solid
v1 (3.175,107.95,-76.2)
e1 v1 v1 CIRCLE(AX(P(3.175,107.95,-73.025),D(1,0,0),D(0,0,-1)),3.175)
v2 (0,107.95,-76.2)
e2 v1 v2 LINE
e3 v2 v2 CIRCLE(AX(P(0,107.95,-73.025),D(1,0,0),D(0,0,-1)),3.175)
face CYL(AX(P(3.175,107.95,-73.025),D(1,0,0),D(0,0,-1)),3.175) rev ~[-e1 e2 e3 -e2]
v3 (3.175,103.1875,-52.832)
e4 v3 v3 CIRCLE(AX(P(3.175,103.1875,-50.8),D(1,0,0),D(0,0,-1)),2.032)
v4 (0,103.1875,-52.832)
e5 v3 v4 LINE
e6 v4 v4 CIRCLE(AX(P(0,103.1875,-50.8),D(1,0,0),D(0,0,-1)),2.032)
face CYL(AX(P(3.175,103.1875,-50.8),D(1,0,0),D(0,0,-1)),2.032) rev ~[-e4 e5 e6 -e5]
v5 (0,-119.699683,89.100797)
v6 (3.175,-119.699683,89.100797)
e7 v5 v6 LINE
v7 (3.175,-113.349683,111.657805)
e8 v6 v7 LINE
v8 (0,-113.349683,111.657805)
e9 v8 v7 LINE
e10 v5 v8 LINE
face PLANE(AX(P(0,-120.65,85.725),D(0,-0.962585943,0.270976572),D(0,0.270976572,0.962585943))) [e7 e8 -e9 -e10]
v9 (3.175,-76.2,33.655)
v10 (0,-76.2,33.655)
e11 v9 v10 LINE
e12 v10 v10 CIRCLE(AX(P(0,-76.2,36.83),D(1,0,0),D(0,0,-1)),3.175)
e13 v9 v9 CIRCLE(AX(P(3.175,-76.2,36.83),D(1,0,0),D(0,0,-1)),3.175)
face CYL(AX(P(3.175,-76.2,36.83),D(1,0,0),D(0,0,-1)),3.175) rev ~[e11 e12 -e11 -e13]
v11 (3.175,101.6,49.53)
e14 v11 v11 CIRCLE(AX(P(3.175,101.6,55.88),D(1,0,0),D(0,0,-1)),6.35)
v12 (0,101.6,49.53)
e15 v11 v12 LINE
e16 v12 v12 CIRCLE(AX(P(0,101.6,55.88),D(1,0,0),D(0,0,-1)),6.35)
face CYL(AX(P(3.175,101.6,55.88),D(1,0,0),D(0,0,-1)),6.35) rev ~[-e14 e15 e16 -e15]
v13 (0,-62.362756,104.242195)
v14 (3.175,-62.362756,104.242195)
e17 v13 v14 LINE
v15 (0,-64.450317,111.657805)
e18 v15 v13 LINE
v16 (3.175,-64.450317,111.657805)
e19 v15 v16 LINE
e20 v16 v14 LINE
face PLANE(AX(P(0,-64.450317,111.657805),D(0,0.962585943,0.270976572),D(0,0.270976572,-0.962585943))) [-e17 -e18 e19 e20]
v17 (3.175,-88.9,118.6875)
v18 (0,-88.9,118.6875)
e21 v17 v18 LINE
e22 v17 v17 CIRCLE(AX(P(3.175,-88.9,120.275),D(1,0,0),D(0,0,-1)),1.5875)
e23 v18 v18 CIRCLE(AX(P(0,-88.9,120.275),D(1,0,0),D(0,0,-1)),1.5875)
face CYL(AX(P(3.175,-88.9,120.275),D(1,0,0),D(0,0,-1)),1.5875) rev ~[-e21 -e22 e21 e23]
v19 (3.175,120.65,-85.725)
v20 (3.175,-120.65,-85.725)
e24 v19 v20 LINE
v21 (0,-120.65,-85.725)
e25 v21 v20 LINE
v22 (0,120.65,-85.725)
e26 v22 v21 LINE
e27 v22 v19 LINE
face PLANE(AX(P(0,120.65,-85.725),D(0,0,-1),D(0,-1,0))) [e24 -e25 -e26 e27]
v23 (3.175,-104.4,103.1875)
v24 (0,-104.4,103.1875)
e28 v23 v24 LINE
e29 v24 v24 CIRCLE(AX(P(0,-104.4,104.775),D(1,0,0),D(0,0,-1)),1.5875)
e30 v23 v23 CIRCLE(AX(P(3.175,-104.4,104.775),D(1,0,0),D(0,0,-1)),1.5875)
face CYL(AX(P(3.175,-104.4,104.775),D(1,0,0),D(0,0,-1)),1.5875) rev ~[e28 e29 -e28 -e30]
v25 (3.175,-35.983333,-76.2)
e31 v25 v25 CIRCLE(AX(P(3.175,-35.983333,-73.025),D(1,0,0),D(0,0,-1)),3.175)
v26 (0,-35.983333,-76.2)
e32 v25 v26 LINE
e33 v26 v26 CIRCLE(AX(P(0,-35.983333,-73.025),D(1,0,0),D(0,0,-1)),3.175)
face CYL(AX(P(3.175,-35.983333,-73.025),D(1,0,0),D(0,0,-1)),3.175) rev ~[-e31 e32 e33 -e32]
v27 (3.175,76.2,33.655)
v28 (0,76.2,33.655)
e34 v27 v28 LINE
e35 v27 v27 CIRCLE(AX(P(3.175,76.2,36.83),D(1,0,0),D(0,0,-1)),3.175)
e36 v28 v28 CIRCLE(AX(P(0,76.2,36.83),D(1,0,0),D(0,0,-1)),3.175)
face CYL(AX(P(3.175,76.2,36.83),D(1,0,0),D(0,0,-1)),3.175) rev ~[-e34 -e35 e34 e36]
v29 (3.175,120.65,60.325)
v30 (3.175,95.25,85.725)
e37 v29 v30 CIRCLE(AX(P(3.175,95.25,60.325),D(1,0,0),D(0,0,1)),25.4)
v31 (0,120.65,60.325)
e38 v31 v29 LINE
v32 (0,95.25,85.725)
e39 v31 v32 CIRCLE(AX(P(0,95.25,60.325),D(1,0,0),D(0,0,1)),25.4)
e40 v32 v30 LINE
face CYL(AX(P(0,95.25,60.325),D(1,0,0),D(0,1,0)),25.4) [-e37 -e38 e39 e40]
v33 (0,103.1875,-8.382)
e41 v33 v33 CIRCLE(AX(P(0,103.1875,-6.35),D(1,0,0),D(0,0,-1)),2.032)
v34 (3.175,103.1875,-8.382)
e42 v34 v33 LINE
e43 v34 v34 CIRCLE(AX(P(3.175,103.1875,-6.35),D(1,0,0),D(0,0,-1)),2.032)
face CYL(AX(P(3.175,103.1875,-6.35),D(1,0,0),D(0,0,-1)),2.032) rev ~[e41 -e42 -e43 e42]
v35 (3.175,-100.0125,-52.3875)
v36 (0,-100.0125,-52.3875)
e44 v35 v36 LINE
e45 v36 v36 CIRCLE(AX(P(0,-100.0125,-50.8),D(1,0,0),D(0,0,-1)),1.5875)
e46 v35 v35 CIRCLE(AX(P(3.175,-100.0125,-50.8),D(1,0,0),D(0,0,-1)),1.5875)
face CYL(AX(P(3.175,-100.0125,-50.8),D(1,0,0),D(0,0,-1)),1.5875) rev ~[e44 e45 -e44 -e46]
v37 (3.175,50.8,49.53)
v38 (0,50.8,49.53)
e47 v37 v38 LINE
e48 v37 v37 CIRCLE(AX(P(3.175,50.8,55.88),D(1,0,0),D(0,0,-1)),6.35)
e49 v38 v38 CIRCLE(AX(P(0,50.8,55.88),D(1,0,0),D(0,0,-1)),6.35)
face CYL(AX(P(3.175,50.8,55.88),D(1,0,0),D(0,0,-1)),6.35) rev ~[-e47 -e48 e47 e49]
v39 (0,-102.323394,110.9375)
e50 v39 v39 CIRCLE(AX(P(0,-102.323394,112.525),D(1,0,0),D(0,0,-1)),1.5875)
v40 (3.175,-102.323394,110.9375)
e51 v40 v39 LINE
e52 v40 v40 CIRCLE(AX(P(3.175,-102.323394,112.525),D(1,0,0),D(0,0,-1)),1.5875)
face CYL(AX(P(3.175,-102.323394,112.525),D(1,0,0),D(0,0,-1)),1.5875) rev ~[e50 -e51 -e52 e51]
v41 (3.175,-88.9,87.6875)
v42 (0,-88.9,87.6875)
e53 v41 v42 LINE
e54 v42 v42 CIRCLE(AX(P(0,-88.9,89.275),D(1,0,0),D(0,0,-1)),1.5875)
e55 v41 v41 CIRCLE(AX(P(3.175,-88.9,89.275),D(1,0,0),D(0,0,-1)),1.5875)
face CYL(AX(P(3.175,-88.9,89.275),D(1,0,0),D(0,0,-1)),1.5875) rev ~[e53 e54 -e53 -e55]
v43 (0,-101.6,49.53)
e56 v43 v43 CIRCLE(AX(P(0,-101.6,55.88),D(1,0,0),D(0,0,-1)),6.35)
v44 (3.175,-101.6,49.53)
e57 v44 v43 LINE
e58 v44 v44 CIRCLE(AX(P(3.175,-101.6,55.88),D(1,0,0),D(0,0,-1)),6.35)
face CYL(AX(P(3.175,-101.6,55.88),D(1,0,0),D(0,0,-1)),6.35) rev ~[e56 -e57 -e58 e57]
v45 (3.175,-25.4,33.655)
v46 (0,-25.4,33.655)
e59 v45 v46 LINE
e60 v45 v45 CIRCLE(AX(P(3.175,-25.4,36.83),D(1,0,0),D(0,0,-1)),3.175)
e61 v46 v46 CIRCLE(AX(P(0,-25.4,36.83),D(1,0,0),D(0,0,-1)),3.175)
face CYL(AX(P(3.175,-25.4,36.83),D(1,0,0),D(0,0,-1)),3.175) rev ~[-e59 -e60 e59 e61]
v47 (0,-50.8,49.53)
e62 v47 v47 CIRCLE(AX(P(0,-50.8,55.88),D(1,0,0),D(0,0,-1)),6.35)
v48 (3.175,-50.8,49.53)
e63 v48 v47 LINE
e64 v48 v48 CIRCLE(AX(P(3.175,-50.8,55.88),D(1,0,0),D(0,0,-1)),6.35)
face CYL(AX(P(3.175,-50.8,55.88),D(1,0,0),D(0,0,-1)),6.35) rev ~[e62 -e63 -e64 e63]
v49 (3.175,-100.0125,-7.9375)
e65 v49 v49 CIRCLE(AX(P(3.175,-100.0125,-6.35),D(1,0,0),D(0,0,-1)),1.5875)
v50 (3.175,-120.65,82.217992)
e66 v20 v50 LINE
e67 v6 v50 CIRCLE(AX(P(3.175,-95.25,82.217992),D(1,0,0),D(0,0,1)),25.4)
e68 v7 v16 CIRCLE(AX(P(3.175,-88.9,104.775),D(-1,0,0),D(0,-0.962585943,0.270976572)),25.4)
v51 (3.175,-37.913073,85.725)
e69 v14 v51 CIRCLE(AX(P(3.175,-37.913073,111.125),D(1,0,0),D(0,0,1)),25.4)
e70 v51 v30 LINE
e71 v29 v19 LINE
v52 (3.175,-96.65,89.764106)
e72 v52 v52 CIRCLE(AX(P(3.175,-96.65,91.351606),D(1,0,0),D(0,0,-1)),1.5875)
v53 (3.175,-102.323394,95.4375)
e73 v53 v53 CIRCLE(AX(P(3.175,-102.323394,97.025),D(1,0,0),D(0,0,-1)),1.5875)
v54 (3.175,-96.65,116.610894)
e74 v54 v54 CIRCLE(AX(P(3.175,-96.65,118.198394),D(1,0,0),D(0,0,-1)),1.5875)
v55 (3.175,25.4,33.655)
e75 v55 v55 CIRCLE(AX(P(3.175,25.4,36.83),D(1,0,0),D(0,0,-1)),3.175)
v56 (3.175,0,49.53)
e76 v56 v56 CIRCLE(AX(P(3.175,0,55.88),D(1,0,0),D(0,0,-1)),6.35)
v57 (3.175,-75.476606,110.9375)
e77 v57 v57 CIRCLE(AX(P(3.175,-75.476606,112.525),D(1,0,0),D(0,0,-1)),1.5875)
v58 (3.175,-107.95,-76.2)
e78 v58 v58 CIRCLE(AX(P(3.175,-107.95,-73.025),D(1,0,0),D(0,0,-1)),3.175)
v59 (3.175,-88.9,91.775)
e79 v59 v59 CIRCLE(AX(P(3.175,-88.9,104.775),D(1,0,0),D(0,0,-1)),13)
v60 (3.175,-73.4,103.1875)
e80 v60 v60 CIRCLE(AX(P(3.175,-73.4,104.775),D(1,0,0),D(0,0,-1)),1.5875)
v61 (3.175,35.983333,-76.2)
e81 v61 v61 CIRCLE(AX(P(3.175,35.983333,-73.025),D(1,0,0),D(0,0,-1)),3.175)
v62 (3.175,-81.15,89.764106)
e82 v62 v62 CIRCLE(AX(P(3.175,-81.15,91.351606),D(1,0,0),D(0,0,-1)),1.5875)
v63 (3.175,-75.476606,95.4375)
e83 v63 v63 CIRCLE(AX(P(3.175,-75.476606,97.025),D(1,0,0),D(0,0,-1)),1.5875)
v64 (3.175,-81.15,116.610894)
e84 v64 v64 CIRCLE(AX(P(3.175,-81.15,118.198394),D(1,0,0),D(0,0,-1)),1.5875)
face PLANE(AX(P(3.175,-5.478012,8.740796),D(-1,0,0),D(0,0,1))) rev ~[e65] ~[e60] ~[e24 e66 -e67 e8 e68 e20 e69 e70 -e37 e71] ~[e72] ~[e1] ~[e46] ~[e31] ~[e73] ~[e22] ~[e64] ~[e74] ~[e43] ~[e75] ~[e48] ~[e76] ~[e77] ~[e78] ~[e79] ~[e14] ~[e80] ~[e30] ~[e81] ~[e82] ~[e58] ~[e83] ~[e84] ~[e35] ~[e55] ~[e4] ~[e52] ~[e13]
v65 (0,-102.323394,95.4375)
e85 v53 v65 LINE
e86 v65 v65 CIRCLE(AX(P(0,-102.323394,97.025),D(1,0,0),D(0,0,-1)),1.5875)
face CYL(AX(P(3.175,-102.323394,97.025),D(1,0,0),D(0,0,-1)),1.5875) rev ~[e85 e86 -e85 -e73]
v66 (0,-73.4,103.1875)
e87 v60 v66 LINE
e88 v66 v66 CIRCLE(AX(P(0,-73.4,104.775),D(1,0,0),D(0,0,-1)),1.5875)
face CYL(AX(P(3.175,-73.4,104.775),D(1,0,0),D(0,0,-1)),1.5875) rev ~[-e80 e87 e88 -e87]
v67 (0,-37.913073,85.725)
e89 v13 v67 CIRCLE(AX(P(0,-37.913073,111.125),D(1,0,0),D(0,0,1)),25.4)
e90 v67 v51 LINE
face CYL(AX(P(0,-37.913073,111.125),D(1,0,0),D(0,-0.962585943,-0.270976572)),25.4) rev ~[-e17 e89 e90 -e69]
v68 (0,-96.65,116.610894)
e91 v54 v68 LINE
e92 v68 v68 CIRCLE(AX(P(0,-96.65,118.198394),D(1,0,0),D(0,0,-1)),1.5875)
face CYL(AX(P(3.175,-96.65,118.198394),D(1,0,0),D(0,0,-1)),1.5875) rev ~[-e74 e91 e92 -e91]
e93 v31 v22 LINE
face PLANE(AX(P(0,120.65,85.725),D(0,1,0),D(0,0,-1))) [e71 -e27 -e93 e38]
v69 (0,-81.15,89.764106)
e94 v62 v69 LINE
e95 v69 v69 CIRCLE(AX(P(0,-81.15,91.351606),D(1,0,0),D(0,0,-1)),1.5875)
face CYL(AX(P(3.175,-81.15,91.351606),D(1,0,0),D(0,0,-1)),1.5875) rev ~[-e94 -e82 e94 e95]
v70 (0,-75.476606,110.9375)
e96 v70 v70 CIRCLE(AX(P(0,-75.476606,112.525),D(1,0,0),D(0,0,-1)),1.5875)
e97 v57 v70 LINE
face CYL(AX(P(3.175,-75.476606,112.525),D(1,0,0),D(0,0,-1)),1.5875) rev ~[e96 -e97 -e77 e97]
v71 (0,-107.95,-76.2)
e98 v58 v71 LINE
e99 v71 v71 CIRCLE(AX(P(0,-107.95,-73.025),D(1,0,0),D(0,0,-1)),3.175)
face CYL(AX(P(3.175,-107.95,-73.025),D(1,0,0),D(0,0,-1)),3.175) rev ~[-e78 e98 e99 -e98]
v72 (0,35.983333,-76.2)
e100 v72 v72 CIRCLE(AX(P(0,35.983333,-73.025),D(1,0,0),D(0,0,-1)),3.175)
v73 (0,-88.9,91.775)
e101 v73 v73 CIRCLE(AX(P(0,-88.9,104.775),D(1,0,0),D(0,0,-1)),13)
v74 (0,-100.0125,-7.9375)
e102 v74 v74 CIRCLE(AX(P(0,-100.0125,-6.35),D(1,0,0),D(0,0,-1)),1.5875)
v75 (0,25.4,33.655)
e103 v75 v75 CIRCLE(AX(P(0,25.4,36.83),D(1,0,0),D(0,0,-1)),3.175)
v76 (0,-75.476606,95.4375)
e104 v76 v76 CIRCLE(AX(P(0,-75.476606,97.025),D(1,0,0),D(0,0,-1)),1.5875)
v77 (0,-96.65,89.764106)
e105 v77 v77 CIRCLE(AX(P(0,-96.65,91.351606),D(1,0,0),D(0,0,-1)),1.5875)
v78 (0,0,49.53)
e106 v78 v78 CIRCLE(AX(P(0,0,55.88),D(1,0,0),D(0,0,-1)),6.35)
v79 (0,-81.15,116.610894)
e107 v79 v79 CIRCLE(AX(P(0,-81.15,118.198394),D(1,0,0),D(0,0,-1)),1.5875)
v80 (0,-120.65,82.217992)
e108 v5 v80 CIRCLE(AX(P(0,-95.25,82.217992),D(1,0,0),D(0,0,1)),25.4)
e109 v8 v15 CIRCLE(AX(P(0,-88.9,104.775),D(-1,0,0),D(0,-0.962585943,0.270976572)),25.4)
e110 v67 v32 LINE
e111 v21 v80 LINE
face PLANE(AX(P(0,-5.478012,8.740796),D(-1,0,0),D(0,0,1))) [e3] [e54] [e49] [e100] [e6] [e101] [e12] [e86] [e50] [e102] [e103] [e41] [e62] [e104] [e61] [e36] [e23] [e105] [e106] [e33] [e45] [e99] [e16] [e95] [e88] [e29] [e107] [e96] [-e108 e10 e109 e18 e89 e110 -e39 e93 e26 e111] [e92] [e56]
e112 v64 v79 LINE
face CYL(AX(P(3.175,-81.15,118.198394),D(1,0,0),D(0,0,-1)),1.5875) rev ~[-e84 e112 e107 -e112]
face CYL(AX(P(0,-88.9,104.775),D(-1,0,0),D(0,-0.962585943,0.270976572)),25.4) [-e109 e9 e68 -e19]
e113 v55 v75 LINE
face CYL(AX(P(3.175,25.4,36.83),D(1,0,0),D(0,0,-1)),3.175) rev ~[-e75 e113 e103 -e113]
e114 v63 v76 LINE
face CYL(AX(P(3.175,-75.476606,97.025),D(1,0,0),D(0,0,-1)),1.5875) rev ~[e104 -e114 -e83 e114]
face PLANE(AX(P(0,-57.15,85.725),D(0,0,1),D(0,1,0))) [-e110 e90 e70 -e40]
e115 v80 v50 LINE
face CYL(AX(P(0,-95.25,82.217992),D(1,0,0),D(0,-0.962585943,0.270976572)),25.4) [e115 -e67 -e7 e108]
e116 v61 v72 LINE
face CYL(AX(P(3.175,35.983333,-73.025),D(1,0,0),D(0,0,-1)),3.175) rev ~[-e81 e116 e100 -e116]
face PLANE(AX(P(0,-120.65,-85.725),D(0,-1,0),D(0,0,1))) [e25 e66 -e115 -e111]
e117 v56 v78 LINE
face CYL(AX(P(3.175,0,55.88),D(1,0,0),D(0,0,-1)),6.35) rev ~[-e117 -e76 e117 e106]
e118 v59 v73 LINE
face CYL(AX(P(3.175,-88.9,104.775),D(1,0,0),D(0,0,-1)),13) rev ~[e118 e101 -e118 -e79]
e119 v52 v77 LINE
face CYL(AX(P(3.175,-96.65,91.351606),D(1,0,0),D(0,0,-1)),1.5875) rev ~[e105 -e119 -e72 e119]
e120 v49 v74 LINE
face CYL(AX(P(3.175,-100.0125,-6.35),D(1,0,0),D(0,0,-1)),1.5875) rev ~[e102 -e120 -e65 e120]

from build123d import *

# Parameters (mm, degrees)
BOSS_EXTRUDE1_DEPTH = 3.175
SKETCH2_R           = 3.175
SKETCH2_R_2         = 6.35
SKETCH2_R_3         = 13
SKETCH2_R_4         = 1.5875
SKETCH2_R_5         = 2.032
CUT_EXTRUDE1_DEPTH  = 4.175
FILLET1_R           = 25.4


with BuildPart() as part:
    # Sketch1 → Boss-Extrude1 (new body)
    with BuildSketch(Plane(origin=(0, 0, 0), x_dir=(0, 0, -1), z_dir=(1, 0, 0))):
        with BuildLine():
            Line((-85.725, -120.65), (-111.65780492, -113.349682952))
            ThreePointArc((-111.65780492, -113.349682952), (-130.175, -88.9), (-111.65780492, -64.450317048))
            Line((-111.65780492, -64.450317048), (-85.725, -57.15))
            Line((-85.725, -57.15), (-85.725, 120.65))
            Line((-85.725, 120.65), (85.725, 120.65))
            Line((85.725, 120.65), (85.725, -120.65))
            Line((85.725, -120.65), (-85.725, -120.65))
        make_face()
    extrude(amount=BOSS_EXTRUDE1_DEPTH)

    # Sketch2 → Cut-Extrude1 (cut, through all)
    with BuildSketch(Plane(origin=(3.175, 0, 0), x_dir=(0, 0, -1), z_dir=(1, 0, 0))):
        with Locations((73.025, -107.95)):
            Circle(SKETCH2_R)
        with Locations((73.025, -35.983333333)):
            Circle(SKETCH2_R)
        with Locations((73.025, 35.983333333)):
            Circle(SKETCH2_R)
        with Locations((73.025, 107.95)):
            Circle(SKETCH2_R)
        with Locations((-55.88, -101.6)):
            Circle(SKETCH2_R_2)
        with Locations((-55.88, -50.8)):
            Circle(SKETCH2_R_2)
        with Locations((-55.88, 0)):
            Circle(SKETCH2_R_2)
        with Locations((-55.88, 50.8)):
            Circle(SKETCH2_R_2)
        with Locations((-55.88, 101.6)):
            Circle(SKETCH2_R_2)
        with Locations((-36.83, -76.2)):
            Circle(SKETCH2_R)
        with Locations((-36.83, -25.4)):
            Circle(SKETCH2_R)
        with Locations((-36.83, 25.4)):
            Circle(SKETCH2_R)
        with Locations((-36.83, 76.2)):
            Circle(SKETCH2_R)
        with Locations((-104.775, -88.9)):
            Circle(SKETCH2_R_3)
        with Locations((-104.775, -73.4)):
            Circle(SKETCH2_R_4)
        with Locations((-97.025, -75.476606241)):
            Circle(SKETCH2_R_4)
        with Locations((-91.351606241, -81.15)):
            Circle(SKETCH2_R_4)
        with Locations((-89.275, -88.9)):
            Circle(SKETCH2_R_4)
        with Locations((-91.351606241, -96.65)):
            Circle(SKETCH2_R_4)
        with Locations((-97.025, -102.323393759)):
            Circle(SKETCH2_R_4)
        with Locations((-104.775, -104.4)):
            Circle(SKETCH2_R_4)
        with Locations((-112.525, -102.323393759)):
            Circle(SKETCH2_R_4)
        with Locations((-118.198393759, -96.65)):
            Circle(SKETCH2_R_4)
        with Locations((-120.275, -88.9)):
            Circle(SKETCH2_R_4)
        with Locations((-118.198393759, -81.15)):
            Circle(SKETCH2_R_4)
        with Locations((-112.525, -75.476606241)):
            Circle(SKETCH2_R_4)
        with Locations((6.35, 103.1875)):
            Circle(SKETCH2_R_5)
        with Locations((50.8, 103.1875)):
            Circle(SKETCH2_R_5)
        with Locations((50.8, -100.0125)):
            Circle(SKETCH2_R_4)
        with Locations((6.35, -100.0125)):
            Circle(SKETCH2_R_4)
    extrude(amount=-CUT_EXTRUDE1_DEPTH, mode=Mode.SUBTRACT)

    # Fillet1
    fillet1_edges = [part.edges().sort_by_distance(p)[0] for p in [
        (1.5875, -120.65, 85.725),
        (1.5875, -57.15, 85.725),
        (1.5875, 120.65, 85.725),
    ]]
    fillet(fillet1_edges, radius=FILLET1_R)


solid = part.part
